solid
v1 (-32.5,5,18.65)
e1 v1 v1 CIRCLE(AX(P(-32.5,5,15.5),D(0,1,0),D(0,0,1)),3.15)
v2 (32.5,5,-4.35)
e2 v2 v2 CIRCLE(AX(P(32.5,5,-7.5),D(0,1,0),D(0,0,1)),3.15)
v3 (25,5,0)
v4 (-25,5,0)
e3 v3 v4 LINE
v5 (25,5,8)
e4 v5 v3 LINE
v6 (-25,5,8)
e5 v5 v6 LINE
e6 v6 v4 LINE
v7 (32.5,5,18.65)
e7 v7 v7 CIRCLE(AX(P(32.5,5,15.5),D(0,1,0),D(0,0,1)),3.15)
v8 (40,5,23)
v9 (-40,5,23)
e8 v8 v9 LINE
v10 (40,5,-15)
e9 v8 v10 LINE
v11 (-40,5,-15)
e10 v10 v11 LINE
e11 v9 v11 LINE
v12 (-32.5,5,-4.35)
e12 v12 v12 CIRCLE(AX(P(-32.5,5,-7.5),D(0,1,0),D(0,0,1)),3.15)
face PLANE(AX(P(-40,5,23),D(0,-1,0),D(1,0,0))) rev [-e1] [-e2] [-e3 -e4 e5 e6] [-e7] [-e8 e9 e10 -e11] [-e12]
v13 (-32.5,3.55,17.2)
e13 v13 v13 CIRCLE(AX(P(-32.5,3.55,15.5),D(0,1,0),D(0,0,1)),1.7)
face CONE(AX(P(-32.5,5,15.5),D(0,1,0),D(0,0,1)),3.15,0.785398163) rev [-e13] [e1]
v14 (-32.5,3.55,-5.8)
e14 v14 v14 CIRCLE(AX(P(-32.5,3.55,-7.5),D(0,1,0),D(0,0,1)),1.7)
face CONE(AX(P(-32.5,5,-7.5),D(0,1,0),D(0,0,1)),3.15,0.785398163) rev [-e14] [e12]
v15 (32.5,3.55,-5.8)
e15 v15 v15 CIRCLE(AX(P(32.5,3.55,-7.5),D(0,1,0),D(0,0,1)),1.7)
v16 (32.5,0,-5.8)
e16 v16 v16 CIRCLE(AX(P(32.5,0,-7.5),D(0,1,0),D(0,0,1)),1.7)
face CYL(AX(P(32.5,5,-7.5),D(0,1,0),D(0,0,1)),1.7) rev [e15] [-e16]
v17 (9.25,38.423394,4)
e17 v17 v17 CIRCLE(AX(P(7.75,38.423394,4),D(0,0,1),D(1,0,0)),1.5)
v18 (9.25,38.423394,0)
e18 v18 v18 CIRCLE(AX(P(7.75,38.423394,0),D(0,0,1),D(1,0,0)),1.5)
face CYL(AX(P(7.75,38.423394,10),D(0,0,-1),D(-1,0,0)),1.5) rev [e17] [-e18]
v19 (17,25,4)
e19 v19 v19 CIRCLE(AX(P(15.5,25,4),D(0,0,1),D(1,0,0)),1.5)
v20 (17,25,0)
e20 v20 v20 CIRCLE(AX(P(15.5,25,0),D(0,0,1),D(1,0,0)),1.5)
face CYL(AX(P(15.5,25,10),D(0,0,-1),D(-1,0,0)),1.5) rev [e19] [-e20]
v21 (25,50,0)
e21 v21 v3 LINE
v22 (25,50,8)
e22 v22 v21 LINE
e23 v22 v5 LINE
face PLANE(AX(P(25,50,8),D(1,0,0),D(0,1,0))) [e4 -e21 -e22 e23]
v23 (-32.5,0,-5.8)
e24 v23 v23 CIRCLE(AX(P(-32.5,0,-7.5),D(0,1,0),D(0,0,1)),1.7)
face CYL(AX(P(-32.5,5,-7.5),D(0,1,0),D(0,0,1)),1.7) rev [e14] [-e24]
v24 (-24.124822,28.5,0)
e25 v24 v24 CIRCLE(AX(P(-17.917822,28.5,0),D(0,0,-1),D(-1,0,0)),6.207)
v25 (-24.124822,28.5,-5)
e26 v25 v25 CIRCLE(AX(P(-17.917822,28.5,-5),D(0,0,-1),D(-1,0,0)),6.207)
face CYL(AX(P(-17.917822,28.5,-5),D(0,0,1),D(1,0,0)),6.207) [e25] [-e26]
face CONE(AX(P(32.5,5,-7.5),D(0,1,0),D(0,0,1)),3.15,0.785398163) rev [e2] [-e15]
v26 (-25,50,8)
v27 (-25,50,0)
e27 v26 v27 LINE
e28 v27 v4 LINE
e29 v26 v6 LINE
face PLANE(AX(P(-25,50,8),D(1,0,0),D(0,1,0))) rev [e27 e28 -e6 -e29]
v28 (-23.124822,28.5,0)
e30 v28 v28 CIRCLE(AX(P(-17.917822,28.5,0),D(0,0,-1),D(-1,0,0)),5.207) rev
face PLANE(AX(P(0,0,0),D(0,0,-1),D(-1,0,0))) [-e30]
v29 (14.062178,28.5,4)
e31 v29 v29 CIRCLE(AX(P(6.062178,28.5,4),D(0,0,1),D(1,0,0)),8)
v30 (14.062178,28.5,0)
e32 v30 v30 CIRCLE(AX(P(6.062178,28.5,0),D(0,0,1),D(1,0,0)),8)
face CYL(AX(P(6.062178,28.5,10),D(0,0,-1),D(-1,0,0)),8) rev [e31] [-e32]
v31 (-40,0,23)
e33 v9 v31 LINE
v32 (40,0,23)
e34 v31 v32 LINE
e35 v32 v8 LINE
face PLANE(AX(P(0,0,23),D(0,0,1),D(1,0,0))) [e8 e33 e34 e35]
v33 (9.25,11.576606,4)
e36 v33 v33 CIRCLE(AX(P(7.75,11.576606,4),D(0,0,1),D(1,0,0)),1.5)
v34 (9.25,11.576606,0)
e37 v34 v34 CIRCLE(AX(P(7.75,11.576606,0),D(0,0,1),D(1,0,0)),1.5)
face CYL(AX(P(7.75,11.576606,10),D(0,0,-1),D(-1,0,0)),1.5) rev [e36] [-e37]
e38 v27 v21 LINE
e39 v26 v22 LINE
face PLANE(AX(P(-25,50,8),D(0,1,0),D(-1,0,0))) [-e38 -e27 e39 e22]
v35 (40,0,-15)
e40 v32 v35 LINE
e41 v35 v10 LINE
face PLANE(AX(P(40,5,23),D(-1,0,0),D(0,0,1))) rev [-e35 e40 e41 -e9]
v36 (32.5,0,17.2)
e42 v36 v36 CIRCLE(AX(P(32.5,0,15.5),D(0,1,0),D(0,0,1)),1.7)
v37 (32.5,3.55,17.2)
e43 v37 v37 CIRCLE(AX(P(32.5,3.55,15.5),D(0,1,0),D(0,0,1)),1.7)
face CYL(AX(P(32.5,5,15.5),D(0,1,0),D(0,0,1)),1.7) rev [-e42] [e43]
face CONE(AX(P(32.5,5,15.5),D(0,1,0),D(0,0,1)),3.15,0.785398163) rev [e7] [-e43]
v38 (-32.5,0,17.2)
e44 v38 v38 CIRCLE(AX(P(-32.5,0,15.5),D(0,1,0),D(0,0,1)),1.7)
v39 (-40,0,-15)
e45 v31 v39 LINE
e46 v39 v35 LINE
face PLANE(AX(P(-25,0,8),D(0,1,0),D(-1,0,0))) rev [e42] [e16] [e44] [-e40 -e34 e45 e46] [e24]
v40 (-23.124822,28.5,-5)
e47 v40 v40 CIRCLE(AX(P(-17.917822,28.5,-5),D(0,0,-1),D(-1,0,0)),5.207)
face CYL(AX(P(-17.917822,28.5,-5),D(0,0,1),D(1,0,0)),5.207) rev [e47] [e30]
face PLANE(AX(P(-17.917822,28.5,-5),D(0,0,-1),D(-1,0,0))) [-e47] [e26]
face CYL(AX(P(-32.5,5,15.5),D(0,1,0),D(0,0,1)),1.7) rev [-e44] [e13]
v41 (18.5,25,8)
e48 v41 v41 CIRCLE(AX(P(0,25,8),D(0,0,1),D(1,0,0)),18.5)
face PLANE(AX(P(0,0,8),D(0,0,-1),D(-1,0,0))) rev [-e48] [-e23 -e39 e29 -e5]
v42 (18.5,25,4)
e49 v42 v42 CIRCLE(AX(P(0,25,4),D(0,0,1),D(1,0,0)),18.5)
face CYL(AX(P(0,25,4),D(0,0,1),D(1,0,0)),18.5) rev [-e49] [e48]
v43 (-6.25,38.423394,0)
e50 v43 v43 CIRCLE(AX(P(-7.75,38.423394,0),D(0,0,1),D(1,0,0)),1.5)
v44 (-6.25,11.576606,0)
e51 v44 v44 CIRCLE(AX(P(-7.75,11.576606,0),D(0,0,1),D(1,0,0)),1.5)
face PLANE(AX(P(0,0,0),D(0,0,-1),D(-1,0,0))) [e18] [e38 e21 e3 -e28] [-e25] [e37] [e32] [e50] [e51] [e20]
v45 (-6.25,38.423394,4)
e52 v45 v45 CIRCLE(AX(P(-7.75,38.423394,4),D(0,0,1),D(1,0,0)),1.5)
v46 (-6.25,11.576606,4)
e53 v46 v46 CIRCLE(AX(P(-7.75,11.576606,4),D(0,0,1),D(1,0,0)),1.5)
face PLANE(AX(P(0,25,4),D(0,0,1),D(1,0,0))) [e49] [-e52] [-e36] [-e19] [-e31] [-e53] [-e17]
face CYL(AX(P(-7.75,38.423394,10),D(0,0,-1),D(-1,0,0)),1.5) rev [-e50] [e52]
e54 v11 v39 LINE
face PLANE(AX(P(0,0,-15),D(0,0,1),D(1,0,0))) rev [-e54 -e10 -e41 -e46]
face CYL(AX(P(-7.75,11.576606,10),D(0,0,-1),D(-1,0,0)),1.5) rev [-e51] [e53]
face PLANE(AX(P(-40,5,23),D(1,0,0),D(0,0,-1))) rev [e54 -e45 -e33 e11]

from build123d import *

# Parameters (mm, degrees)
SKETCH3_W                                       = 50
SKETCH3_H                                       = 50
BOSS_EXTRUDE1_DEPTH                             = 8
SKETCH3_3_R                                     = 1.5
SKETCH3_3_R_2                                   = 8
CUT_EXTRUDE2_DEPTH                              = 10
SKETCH4_R                                       = 18.5
CUT_EXTRUDE3_DEPTH                              = 4
BOSS_EXTRUDE2_DEPTH                             = 15
BOSS_EXTRUDE2_DEPTH_BACK                        = 23
SKETCH6_W                                       = 80
SKETCH6_H                                       = 5
CSK_FOR_M3_FLAT_HEAD_MACHINE_SCREW1_D           = 3.4
CSK_FOR_M3_FLAT_HEAD_MACHINE_SCREW1_CSINK_D     = 6.3
CSK_FOR_M3_FLAT_HEAD_MACHINE_SCREW1_CSINK_ANGLE = 90
SKETCH11_R                                      = 6.207
SKETCH11_R_2                                    = 5.207
BOSS_EXTRUDE3_DEPTH                             = 5


with BuildPart() as part:
    # Sketch3 → Boss-Extrude1 (new body)
    with BuildSketch(Plane.XY):
        with Locations((0, 25)):
            Rectangle(SKETCH3_W, SKETCH3_H)
    extrude(amount=BOSS_EXTRUDE1_DEPTH)

    # Sketch3<3> → Cut-Extrude2 (cut)
    with BuildSketch(Plane.XY):
        with Locations((-7.75, 38.423393759)):
            Circle(SKETCH3_3_R)
        with Locations((7.75, 38.423393759)):
            Circle(SKETCH3_3_R)
        with Locations((-7.75, 11.576606241)):
            Circle(SKETCH3_3_R)
        with Locations((7.75, 11.576606241)):
            Circle(SKETCH3_3_R)
        with Locations((15.5, 25)):
            Circle(SKETCH3_3_R)
        with Locations((6.062177825, 28.499999999)):
            Circle(SKETCH3_3_R_2)
    extrude(amount=CUT_EXTRUDE2_DEPTH, mode=Mode.SUBTRACT)

    # Sketch4 → Cut-Extrude3 (cut)
    with BuildSketch(Plane.XY.offset(8)):
        with Locations((0, 25)):
            Circle(SKETCH4_R)
    extrude(amount=-CUT_EXTRUDE3_DEPTH, mode=Mode.SUBTRACT)

    # Sketch6 → Boss-Extrude2 (add, two sides: drawn at the far end of the back side and taken through both)
    with BuildSketch(Plane.XY.offset(8).offset(-BOSS_EXTRUDE2_DEPTH_BACK)):
        with Locations((0, 2.5)):
            Rectangle(SKETCH6_W, SKETCH6_H)
    extrude(amount=BOSS_EXTRUDE2_DEPTH + BOSS_EXTRUDE2_DEPTH_BACK)

    # CSK for M3 Flat Head Machine Screw1 (through all)
    with Locations(Plane(origin=(0, 5, 0), x_dir=(1, 0, 0), z_dir=(0, 1, 0))):
        with Locations((-32.5, 7.5), (-32.5, -15.5), (32.5, -15.5), (32.5, 7.5)):
            CounterSinkHole(CSK_FOR_M3_FLAT_HEAD_MACHINE_SCREW1_D / 2, CSK_FOR_M3_FLAT_HEAD_MACHINE_SCREW1_CSINK_D / 2, counter_sink_angle=CSK_FOR_M3_FLAT_HEAD_MACHINE_SCREW1_CSINK_ANGLE)

    # Sketch11 → Boss-Extrude3 (add)
    with BuildSketch(Plane(origin=(0, 0, 0), x_dir=(-1, 0, 0), z_dir=(0, 0, -1))):
        with Locations((17.917822175, 28.499999999)):
            Circle(SKETCH11_R)
        with Locations((17.917822175, 28.499999999)):
            Circle(SKETCH11_R_2, mode=Mode.SUBTRACT)
    extrude(amount=BOSS_EXTRUDE3_DEPTH)


solid = part.part
